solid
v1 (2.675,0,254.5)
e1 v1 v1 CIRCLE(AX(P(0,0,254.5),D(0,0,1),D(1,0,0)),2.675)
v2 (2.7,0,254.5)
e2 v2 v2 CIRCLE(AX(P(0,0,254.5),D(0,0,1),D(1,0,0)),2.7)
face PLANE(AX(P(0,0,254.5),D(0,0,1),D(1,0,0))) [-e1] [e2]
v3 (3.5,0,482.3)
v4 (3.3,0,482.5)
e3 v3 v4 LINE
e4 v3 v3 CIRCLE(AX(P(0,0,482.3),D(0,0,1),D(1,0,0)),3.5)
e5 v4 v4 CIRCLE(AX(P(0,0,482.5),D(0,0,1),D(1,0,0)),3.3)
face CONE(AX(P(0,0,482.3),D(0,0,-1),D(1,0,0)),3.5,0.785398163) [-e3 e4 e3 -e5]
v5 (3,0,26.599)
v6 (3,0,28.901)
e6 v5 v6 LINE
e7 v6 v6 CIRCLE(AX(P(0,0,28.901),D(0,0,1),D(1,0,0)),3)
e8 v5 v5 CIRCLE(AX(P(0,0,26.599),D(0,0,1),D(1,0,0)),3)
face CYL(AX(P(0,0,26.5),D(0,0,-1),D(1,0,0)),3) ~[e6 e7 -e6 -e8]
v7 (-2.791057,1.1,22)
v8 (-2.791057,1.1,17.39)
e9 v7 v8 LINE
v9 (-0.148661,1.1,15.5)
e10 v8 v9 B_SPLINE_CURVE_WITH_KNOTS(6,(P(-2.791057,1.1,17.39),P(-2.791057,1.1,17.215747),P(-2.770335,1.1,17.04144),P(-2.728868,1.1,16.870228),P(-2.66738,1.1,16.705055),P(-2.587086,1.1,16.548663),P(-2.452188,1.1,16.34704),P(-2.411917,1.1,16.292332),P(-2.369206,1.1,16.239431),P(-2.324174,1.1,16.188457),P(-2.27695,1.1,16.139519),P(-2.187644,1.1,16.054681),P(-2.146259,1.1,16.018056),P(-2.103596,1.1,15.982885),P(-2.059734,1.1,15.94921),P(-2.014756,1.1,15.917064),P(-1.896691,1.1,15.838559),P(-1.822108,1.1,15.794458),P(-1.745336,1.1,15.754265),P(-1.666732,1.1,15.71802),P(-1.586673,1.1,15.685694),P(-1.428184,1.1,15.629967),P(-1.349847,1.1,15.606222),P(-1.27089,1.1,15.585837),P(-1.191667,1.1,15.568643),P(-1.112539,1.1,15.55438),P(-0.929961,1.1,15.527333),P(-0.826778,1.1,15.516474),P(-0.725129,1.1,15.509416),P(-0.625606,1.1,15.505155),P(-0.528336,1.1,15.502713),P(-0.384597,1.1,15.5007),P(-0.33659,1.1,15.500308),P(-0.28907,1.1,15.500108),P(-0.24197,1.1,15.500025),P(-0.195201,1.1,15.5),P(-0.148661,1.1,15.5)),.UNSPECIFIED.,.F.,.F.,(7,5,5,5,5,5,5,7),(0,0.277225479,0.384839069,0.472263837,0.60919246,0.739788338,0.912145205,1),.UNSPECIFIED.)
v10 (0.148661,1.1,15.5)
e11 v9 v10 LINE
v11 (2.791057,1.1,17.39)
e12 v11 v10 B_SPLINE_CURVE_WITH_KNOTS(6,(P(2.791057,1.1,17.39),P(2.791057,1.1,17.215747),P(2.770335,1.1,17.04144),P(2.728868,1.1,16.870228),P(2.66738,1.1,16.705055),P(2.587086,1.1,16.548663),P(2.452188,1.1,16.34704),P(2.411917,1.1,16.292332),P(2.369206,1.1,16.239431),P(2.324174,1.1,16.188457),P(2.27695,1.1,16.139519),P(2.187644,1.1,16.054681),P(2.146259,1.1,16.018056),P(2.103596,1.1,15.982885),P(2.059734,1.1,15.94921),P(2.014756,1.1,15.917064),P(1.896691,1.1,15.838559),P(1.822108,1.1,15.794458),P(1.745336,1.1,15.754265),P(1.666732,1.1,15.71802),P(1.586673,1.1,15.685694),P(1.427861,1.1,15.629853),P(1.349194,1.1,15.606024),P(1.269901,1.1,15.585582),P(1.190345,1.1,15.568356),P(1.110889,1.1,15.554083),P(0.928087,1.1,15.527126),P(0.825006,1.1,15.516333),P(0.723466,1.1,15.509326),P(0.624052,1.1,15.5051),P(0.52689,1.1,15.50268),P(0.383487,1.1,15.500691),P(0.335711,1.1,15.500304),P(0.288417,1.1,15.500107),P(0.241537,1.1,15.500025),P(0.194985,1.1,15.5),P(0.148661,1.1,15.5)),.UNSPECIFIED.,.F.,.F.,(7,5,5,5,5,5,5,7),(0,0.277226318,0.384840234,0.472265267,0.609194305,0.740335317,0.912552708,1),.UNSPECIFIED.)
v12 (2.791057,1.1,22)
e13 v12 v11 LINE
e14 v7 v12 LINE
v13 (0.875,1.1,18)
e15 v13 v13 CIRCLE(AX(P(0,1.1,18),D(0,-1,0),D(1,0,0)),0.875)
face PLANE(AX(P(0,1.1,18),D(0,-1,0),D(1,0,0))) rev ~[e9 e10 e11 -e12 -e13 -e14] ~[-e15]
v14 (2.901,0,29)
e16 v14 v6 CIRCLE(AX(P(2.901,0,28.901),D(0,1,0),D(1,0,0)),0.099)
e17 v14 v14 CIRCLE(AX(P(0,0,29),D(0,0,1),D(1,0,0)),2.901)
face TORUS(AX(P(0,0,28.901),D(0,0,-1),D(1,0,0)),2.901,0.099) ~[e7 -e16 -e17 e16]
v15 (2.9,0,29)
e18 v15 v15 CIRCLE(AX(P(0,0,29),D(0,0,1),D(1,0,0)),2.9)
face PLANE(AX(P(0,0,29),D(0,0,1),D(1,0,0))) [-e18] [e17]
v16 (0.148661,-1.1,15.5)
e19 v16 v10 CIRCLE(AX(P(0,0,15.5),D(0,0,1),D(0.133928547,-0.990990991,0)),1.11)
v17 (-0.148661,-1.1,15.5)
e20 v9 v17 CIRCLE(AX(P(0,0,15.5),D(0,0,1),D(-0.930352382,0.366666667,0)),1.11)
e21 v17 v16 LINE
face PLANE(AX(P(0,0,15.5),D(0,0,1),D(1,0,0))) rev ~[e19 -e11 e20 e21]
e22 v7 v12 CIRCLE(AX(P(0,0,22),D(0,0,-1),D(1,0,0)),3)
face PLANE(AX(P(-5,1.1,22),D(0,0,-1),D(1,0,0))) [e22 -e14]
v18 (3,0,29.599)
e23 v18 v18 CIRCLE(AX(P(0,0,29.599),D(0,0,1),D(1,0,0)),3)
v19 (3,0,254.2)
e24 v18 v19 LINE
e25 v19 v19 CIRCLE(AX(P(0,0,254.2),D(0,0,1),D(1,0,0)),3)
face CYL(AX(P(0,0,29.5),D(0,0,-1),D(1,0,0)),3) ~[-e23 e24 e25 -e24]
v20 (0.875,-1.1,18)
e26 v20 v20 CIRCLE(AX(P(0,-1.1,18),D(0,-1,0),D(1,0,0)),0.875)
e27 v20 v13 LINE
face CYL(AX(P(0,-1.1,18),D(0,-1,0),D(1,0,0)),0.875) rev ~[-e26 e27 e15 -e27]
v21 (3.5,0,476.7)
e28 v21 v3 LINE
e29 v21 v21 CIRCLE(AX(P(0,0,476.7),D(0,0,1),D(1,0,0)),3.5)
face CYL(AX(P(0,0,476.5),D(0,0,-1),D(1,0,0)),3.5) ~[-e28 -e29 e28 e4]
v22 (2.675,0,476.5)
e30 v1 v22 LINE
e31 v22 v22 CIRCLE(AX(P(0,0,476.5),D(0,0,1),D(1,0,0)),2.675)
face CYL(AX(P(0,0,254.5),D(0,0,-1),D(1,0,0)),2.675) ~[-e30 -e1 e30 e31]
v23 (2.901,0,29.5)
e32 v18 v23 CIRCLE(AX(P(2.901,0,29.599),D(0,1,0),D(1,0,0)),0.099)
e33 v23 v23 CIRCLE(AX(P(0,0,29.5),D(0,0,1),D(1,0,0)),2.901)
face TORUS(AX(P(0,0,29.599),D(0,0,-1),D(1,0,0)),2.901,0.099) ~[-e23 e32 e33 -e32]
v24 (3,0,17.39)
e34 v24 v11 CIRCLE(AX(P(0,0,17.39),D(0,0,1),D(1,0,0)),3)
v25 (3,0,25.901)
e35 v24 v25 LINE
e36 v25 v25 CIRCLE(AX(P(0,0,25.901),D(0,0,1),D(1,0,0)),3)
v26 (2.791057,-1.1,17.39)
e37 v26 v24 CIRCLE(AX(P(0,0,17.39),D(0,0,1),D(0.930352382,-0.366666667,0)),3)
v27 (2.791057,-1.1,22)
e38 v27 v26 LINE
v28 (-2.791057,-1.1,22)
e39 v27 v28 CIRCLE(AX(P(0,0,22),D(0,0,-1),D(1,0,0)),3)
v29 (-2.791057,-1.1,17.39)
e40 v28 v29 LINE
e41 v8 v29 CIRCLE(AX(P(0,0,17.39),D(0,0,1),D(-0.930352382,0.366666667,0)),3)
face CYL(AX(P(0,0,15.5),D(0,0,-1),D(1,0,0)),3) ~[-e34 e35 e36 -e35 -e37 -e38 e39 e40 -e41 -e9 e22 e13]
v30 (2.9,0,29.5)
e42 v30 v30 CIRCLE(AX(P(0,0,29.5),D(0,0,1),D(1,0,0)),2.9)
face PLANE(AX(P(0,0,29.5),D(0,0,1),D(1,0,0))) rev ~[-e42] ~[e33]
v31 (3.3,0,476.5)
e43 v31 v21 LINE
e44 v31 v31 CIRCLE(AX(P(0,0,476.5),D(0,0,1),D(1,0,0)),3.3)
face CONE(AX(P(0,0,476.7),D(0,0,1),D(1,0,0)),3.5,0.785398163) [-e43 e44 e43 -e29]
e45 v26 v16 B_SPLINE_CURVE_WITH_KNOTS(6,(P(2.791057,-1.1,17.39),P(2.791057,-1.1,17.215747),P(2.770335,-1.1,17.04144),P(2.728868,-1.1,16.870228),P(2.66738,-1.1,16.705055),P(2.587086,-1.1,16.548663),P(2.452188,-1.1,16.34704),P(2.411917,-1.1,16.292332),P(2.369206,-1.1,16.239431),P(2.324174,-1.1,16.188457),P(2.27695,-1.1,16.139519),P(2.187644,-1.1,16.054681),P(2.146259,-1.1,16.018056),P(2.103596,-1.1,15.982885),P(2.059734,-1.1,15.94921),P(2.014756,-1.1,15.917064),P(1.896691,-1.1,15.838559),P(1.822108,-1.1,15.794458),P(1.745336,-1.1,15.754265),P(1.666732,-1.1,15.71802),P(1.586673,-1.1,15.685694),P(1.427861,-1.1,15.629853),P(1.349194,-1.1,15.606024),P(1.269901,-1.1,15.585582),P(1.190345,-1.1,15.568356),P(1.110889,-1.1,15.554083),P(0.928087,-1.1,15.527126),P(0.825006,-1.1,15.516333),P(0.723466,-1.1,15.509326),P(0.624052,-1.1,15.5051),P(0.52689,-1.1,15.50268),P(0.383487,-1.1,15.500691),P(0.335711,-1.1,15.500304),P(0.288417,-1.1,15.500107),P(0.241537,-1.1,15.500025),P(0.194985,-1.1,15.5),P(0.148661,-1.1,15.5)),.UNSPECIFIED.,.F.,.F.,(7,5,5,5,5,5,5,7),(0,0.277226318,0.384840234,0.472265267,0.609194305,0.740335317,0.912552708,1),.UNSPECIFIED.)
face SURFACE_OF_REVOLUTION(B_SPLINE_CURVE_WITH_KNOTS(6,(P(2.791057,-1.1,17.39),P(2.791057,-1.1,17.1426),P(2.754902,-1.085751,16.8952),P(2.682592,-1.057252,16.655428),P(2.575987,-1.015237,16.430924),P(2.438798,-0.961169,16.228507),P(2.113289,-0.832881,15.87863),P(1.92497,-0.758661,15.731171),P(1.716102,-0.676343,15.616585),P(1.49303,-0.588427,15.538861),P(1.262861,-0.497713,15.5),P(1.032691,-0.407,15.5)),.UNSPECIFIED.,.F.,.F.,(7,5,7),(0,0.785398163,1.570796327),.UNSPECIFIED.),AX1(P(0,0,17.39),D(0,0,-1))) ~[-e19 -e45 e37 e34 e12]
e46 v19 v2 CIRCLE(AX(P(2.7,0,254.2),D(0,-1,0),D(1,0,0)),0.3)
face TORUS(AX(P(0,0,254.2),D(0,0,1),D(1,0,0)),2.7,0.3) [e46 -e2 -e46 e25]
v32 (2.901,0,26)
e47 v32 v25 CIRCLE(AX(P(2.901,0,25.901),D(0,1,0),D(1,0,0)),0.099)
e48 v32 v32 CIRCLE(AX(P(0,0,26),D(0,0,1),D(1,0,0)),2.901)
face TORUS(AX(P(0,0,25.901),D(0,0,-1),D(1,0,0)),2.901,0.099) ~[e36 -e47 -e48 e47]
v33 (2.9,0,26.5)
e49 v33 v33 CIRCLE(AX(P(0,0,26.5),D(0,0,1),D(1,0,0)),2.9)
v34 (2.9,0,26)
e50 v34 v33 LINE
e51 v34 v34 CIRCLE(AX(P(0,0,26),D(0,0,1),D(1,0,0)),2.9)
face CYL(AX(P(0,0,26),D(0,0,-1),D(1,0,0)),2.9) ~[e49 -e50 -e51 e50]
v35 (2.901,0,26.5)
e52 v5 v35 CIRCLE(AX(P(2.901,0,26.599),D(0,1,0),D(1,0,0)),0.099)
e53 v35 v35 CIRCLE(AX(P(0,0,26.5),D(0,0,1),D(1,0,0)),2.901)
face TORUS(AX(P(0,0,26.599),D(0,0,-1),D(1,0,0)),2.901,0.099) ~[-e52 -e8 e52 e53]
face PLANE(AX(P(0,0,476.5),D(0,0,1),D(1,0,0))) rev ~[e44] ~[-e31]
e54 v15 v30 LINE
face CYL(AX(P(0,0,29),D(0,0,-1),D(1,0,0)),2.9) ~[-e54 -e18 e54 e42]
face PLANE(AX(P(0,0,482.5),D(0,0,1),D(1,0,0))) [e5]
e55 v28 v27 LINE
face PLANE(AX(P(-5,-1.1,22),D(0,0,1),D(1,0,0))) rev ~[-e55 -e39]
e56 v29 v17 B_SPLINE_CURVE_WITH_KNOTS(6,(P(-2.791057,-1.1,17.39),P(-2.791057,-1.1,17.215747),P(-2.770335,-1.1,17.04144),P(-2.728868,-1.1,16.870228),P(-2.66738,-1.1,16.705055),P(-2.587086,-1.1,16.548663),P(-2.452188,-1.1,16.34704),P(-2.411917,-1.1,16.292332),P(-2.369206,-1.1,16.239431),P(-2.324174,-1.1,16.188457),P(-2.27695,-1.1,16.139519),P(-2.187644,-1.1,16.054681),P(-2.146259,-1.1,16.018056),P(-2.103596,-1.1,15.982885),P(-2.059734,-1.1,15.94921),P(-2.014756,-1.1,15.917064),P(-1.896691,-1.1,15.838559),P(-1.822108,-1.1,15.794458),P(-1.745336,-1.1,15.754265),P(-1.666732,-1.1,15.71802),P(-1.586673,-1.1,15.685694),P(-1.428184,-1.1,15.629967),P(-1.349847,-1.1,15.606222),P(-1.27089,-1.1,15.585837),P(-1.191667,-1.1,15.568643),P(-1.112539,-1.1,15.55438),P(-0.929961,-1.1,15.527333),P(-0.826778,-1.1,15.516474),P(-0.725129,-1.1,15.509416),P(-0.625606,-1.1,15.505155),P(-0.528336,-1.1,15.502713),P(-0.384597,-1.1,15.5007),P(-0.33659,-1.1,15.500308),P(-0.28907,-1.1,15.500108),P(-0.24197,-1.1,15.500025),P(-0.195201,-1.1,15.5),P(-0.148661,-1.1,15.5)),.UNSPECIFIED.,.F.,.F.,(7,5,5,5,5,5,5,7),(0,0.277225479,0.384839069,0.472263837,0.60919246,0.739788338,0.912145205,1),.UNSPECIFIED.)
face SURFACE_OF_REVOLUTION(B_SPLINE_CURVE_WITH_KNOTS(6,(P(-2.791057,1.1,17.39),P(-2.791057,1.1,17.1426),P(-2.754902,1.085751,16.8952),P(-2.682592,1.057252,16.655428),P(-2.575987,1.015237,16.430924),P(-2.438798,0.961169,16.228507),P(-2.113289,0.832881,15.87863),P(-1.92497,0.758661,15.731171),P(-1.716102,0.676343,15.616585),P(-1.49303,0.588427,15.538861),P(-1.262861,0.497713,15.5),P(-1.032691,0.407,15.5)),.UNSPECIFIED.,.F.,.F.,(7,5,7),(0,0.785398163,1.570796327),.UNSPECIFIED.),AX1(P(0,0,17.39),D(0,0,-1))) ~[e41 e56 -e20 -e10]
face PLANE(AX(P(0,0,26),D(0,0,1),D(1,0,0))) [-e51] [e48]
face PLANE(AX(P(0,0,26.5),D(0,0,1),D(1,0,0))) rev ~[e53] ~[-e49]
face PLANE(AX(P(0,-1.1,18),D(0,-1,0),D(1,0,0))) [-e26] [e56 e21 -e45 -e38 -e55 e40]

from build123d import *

# Parameters (mm, degrees)
SKETCH010_R     = 3
PAD006_DEPTH    = 10.5
SKETCH011_R     = 2.9
PAD007_DEPTH    = 0.5
SKETCH012_R     = 3
PAD008_DEPTH    = 2.5
SKETCH013_R     = 2.9
PAD009_DEPTH    = 0.5
SKETCH014_R     = 3
PAD010_DEPTH    = 225
SKETCH015_R     = 2.675
PAD011_DEPTH    = 222
SKETCH016_R     = 3.5
PAD012_DEPTH    = 6
SKETCH017_W     = 10
SKETCH017_H     = 8
POCKET003_DEPTH = 5
SKETCH018_W     = 10
SKETCH018_H     = 8
POCKET004_DEPTH = 5
SKETCH019_R     = 0.875
HOLE001_DEPTH   = 2.474247
HOLE001_TIPS_R  = 0.875
FILLET003_R     = 0.099
FILLET004_R     = 0.3
CHAMFER_SIZE    = 0.2
FILLET005_R     = 1.89


with BuildPart() as part:
    # Sketch010 → Pad006 (new body)
    with BuildSketch(Plane.XY):
        Circle(SKETCH010_R)
    extrude(amount=PAD006_DEPTH)

    # Sketch011 (on Face3 of Pad006) → Pad007 (join)
    with BuildSketch(Plane.XY.offset(10.5)):
        Circle(SKETCH011_R)
    extrude(amount=PAD007_DEPTH)

    # Sketch012 (on Face5 of Pad007) → Pad008 (join)
    with BuildSketch(Plane.XY.offset(11)):
        Circle(SKETCH012_R)
    extrude(amount=PAD008_DEPTH)

    # Sketch013 (on Face3 of Pad008) → Pad009 (join)
    with BuildSketch(Plane.XY.offset(13.5)):
        Circle(SKETCH013_R)
    extrude(amount=PAD009_DEPTH)

    # Sketch014 (on Face7 of Pad009) → Pad010 (join)
    with BuildSketch(Plane.XY.offset(14)):
        Circle(SKETCH014_R)
    extrude(amount=PAD010_DEPTH)

    # Sketch015 (on Face3 of Pad010) → Pad011 (join)
    with BuildSketch(Plane.XY.offset(239)):
        Circle(SKETCH015_R)
    extrude(amount=PAD011_DEPTH)

    # Sketch016 (on Face7 of Pad011) → Pad012 (join)
    with BuildSketch(Plane.XY.offset(461)):
        Circle(SKETCH016_R)
    extrude(amount=PAD012_DEPTH)

    # Sketch017 (on DatumPlane) → Pocket003 (cut)
    with BuildSketch(Plane(origin=(0, 1.1, 5.25), x_dir=(1, 0, 0), z_dir=(0, -1, 0))):
        with Locations((0, -2.75)):
            Rectangle(SKETCH017_W, SKETCH017_H)
    extrude(amount=-POCKET003_DEPTH, mode=Mode.SUBTRACT)

    # Sketch018 (on DatumPlane) → Pocket004 (cut)
    with BuildSketch(Plane(origin=(0, -1.1, 5.25), x_dir=(1, 0, 0), z_dir=(0, -1, 0))):
        with Locations((0, -2.75)):
            Rectangle(SKETCH018_W, SKETCH018_H)
    extrude(amount=POCKET004_DEPTH, mode=Mode.SUBTRACT)

    # Sketch019 (on Face18 of Pocket004) → Hole001 (cut)
    with BuildSketch(Plane.XZ.offset(1.1)):
        with Locations((0, 2.5)):
            Circle(SKETCH019_R)
    extrude(amount=-HOLE001_DEPTH, mode=Mode.SUBTRACT)

    # Hole001 tips → Hole001 tip 1 section 0
    with BuildSketch(Plane.XZ.offset(-1.374247), mode=Mode.PRIVATE) as hole001_tip_1_s0:
        with Locations((0, 2.5)):
            Circle(HOLE001_TIPS_R)
    loft([hole001_tip_1_s0.sketch, Vertex(0, 1.9, 2.5)], mode=Mode.SUBTRACT)

    # Fillet003
    fillet003_edges = [part.edges().sort_by_distance(p)[0] for p in [
        (-3, 0, 11),
        (-3, 0, 14),
        (-3, 0, 13.5),
        (-3, 0, 10.5),
    ]]
    fillet(fillet003_edges, radius=FILLET003_R)

    # Fillet004
    fillet004_edges = [part.edges().sort_by_distance(p)[0] for p in [
        (-3, 0, 239),
    ]]
    fillet(fillet004_edges, radius=FILLET004_R)

    # Chamfer
    chamfer_edges = [part.edges().sort_by_distance(p)[0] for p in [
        (-3.5, 0, 467),
        (-3.5, 0, 461),
    ]]
    chamfer(chamfer_edges, length=CHAMFER_SIZE)

    # Fillet005
    fillet005_edges = [part.edges().sort_by_distance(p)[0] for p in [
        (-3, 0, 0),
        (2.947301, -0.559834, 0),
        (2.947301, 0.559834, 0),
    ]]
    fillet(fillet005_edges, radius=FILLET005_R)


with BuildPart() as part_1:
    # Body003 placement: moved
    add(part.part.moved(Location((0, 0, 15.5))))


solid = part_1.part
